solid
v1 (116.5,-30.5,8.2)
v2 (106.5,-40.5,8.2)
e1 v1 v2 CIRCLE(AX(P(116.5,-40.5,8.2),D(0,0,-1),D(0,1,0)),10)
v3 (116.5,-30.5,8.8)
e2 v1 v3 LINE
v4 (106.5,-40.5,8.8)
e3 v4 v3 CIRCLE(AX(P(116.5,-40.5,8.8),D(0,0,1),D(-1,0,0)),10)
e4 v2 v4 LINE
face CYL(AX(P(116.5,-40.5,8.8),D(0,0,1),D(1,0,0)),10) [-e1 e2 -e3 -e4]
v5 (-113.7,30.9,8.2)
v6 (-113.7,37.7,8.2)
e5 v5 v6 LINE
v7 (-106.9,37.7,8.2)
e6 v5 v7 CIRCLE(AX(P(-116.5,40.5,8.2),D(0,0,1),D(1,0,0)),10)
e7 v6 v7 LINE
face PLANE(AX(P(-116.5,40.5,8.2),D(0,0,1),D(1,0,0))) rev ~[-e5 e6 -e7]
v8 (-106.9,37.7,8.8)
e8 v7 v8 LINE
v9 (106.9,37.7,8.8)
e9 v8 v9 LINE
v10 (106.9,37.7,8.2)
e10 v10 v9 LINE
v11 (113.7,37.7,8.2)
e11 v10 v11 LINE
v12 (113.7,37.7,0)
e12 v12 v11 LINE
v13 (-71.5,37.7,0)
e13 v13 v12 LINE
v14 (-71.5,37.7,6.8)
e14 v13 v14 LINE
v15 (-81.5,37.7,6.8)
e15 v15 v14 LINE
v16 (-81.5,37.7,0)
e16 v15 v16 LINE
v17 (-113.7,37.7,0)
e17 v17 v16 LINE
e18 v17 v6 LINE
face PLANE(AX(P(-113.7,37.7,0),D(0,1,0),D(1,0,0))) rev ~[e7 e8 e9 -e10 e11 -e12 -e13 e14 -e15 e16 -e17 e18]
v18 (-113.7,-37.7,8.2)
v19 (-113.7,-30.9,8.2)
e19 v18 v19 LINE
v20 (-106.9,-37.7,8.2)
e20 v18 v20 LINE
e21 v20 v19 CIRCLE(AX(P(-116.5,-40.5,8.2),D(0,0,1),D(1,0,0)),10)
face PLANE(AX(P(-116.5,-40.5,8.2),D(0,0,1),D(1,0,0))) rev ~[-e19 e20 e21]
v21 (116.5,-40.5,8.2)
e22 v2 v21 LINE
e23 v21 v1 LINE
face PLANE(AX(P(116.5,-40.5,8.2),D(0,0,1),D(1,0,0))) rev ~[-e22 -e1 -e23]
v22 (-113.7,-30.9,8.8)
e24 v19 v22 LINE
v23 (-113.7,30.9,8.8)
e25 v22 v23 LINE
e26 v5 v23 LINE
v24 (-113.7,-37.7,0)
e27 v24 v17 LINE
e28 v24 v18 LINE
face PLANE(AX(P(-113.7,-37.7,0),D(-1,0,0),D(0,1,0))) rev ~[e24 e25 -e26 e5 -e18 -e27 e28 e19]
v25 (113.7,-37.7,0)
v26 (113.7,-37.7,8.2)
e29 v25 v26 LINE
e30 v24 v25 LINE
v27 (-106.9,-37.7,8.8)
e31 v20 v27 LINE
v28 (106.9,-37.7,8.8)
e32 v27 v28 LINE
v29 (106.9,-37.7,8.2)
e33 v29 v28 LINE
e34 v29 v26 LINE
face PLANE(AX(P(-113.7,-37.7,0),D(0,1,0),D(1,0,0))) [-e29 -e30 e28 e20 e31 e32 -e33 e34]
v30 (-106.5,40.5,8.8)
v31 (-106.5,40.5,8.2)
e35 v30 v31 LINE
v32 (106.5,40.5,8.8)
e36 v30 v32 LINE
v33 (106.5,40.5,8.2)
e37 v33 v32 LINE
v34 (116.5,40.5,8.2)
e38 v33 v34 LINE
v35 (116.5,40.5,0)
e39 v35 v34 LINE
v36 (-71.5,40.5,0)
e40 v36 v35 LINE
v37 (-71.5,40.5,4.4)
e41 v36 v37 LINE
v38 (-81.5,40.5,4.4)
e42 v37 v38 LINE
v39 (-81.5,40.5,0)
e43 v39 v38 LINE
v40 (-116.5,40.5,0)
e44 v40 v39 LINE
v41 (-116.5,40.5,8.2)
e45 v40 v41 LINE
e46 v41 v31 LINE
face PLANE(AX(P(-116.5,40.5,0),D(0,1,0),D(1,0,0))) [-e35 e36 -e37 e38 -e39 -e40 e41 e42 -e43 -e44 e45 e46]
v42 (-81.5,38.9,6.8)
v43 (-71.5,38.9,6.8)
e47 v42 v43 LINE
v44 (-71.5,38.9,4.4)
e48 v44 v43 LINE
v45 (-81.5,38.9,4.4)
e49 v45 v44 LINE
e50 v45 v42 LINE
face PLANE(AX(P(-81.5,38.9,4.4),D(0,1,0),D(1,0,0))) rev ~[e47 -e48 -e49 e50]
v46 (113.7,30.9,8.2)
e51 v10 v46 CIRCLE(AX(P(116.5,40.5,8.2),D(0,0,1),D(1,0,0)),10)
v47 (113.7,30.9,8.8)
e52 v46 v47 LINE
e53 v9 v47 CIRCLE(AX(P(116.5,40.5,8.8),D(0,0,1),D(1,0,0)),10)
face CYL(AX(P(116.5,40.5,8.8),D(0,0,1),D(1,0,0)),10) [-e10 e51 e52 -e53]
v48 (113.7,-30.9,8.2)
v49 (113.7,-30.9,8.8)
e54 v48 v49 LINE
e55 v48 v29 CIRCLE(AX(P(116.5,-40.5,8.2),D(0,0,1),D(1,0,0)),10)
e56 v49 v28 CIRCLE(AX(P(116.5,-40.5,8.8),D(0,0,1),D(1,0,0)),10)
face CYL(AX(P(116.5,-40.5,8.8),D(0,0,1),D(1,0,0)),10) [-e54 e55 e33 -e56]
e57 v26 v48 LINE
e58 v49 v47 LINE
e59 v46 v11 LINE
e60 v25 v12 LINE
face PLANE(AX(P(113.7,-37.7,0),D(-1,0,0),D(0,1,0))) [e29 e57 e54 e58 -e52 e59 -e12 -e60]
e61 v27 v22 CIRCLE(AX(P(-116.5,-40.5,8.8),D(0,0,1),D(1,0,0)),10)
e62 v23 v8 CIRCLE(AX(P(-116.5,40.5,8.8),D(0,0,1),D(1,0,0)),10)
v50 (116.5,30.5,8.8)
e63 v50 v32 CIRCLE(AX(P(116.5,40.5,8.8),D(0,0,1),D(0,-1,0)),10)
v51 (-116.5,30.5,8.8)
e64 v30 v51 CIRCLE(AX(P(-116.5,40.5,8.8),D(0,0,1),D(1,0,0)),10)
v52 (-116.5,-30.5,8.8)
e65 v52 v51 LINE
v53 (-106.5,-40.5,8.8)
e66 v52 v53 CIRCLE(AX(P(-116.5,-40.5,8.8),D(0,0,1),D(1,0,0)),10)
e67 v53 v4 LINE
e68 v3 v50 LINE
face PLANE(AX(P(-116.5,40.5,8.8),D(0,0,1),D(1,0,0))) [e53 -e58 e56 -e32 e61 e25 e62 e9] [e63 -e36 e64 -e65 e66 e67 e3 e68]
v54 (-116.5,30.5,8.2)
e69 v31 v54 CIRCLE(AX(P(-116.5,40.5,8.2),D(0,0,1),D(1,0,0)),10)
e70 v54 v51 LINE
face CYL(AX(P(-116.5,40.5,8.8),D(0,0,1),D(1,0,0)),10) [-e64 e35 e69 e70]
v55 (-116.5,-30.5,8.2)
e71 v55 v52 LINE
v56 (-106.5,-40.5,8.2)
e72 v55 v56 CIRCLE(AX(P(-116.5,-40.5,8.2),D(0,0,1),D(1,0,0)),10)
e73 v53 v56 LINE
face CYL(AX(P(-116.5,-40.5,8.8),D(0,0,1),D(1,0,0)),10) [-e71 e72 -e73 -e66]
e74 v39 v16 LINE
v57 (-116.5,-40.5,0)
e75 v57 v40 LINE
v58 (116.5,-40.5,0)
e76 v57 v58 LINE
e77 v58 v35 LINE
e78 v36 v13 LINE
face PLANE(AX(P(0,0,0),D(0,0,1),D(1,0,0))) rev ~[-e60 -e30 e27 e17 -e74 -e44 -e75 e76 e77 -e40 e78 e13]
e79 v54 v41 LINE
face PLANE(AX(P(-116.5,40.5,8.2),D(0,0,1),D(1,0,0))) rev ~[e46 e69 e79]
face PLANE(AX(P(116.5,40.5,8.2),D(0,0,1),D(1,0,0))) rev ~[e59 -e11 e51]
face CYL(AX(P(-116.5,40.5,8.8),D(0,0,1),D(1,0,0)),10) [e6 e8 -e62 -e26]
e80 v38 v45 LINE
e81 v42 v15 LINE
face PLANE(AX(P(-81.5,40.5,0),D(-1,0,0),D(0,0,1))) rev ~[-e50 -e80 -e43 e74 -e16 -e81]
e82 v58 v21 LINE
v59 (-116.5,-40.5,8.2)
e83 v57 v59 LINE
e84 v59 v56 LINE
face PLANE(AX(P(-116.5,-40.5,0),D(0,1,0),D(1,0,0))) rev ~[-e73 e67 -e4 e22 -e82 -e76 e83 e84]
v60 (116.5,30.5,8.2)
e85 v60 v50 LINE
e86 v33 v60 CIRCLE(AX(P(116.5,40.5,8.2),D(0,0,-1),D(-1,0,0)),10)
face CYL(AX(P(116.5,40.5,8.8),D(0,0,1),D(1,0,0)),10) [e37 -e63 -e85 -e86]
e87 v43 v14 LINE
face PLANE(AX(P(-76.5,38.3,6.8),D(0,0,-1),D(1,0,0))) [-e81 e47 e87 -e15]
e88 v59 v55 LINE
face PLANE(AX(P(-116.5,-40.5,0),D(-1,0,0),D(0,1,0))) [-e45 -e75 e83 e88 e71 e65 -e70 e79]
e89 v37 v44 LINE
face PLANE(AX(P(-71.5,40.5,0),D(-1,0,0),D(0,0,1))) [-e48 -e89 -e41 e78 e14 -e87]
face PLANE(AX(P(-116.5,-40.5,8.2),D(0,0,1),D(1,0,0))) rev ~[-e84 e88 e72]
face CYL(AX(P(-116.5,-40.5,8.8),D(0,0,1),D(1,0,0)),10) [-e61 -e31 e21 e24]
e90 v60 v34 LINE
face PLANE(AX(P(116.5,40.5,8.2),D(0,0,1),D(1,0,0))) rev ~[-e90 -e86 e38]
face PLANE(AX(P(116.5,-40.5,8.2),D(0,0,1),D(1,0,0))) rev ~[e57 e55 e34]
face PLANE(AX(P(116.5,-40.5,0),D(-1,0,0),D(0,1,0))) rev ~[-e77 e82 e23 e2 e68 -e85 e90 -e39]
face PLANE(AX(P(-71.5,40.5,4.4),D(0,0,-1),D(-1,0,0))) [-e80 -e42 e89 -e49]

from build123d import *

# Parameters (mm, degrees)
F0_W     = 233
F0_H     = 81
F0_W_2   = 227.4
F0_H_2   = 75.4
F1_DEPTH = 8.8
F2_W     = 10
F2_H     = 4.4
F3_DEPTH = 25
F4_W     = 10
F4_H     = 1.2
F5_DEPTH = 2.4
F6_R     = 10
F7_DEPTH = 0.6


with BuildPart() as f1:
    # F0 (on Top) → F1 (new body)
    with BuildSketch(Plane.XY):
        Rectangle(F0_W, F0_H)
        Rectangle(F0_W_2, F0_H_2, mode=Mode.SUBTRACT)
    extrude(amount=F1_DEPTH)

    # F2 (on face) → F3 (cut)
    with BuildSketch(Plane(origin=(0, 40.5, 0), x_dir=(-1, 0, 0), z_dir=(0, 1, 0))):
        with Locations((76.5, 2.2)):
            Rectangle(F2_W, F2_H)
    extrude(amount=-F3_DEPTH, mode=Mode.SUBTRACT)

    # F4 (on face) → F5 (cut)
    with BuildSketch(Plane(origin=(0, 0, 4.4), x_dir=(1, 0, 0), z_dir=(0, 0, -1))):
        with Locations((-76.5, -38.3)):
            Rectangle(F4_W, F4_H)
    extrude(amount=-F5_DEPTH, mode=Mode.SUBTRACT)

    # F6 (on face) → F7 (join)
    with BuildSketch(Plane.XY.offset(8.8)):
        with Locations((-116.5, 40.5)):
            Circle(F6_R)
        with Locations((-116.5, -40.5)):
            Circle(F6_R)
        with Locations((116.5, -40.5)):
            Circle(F6_R)
        with Locations((116.5, 40.5)):
            Circle(F6_R)
    extrude(amount=-F7_DEPTH)


solid = f1.part
